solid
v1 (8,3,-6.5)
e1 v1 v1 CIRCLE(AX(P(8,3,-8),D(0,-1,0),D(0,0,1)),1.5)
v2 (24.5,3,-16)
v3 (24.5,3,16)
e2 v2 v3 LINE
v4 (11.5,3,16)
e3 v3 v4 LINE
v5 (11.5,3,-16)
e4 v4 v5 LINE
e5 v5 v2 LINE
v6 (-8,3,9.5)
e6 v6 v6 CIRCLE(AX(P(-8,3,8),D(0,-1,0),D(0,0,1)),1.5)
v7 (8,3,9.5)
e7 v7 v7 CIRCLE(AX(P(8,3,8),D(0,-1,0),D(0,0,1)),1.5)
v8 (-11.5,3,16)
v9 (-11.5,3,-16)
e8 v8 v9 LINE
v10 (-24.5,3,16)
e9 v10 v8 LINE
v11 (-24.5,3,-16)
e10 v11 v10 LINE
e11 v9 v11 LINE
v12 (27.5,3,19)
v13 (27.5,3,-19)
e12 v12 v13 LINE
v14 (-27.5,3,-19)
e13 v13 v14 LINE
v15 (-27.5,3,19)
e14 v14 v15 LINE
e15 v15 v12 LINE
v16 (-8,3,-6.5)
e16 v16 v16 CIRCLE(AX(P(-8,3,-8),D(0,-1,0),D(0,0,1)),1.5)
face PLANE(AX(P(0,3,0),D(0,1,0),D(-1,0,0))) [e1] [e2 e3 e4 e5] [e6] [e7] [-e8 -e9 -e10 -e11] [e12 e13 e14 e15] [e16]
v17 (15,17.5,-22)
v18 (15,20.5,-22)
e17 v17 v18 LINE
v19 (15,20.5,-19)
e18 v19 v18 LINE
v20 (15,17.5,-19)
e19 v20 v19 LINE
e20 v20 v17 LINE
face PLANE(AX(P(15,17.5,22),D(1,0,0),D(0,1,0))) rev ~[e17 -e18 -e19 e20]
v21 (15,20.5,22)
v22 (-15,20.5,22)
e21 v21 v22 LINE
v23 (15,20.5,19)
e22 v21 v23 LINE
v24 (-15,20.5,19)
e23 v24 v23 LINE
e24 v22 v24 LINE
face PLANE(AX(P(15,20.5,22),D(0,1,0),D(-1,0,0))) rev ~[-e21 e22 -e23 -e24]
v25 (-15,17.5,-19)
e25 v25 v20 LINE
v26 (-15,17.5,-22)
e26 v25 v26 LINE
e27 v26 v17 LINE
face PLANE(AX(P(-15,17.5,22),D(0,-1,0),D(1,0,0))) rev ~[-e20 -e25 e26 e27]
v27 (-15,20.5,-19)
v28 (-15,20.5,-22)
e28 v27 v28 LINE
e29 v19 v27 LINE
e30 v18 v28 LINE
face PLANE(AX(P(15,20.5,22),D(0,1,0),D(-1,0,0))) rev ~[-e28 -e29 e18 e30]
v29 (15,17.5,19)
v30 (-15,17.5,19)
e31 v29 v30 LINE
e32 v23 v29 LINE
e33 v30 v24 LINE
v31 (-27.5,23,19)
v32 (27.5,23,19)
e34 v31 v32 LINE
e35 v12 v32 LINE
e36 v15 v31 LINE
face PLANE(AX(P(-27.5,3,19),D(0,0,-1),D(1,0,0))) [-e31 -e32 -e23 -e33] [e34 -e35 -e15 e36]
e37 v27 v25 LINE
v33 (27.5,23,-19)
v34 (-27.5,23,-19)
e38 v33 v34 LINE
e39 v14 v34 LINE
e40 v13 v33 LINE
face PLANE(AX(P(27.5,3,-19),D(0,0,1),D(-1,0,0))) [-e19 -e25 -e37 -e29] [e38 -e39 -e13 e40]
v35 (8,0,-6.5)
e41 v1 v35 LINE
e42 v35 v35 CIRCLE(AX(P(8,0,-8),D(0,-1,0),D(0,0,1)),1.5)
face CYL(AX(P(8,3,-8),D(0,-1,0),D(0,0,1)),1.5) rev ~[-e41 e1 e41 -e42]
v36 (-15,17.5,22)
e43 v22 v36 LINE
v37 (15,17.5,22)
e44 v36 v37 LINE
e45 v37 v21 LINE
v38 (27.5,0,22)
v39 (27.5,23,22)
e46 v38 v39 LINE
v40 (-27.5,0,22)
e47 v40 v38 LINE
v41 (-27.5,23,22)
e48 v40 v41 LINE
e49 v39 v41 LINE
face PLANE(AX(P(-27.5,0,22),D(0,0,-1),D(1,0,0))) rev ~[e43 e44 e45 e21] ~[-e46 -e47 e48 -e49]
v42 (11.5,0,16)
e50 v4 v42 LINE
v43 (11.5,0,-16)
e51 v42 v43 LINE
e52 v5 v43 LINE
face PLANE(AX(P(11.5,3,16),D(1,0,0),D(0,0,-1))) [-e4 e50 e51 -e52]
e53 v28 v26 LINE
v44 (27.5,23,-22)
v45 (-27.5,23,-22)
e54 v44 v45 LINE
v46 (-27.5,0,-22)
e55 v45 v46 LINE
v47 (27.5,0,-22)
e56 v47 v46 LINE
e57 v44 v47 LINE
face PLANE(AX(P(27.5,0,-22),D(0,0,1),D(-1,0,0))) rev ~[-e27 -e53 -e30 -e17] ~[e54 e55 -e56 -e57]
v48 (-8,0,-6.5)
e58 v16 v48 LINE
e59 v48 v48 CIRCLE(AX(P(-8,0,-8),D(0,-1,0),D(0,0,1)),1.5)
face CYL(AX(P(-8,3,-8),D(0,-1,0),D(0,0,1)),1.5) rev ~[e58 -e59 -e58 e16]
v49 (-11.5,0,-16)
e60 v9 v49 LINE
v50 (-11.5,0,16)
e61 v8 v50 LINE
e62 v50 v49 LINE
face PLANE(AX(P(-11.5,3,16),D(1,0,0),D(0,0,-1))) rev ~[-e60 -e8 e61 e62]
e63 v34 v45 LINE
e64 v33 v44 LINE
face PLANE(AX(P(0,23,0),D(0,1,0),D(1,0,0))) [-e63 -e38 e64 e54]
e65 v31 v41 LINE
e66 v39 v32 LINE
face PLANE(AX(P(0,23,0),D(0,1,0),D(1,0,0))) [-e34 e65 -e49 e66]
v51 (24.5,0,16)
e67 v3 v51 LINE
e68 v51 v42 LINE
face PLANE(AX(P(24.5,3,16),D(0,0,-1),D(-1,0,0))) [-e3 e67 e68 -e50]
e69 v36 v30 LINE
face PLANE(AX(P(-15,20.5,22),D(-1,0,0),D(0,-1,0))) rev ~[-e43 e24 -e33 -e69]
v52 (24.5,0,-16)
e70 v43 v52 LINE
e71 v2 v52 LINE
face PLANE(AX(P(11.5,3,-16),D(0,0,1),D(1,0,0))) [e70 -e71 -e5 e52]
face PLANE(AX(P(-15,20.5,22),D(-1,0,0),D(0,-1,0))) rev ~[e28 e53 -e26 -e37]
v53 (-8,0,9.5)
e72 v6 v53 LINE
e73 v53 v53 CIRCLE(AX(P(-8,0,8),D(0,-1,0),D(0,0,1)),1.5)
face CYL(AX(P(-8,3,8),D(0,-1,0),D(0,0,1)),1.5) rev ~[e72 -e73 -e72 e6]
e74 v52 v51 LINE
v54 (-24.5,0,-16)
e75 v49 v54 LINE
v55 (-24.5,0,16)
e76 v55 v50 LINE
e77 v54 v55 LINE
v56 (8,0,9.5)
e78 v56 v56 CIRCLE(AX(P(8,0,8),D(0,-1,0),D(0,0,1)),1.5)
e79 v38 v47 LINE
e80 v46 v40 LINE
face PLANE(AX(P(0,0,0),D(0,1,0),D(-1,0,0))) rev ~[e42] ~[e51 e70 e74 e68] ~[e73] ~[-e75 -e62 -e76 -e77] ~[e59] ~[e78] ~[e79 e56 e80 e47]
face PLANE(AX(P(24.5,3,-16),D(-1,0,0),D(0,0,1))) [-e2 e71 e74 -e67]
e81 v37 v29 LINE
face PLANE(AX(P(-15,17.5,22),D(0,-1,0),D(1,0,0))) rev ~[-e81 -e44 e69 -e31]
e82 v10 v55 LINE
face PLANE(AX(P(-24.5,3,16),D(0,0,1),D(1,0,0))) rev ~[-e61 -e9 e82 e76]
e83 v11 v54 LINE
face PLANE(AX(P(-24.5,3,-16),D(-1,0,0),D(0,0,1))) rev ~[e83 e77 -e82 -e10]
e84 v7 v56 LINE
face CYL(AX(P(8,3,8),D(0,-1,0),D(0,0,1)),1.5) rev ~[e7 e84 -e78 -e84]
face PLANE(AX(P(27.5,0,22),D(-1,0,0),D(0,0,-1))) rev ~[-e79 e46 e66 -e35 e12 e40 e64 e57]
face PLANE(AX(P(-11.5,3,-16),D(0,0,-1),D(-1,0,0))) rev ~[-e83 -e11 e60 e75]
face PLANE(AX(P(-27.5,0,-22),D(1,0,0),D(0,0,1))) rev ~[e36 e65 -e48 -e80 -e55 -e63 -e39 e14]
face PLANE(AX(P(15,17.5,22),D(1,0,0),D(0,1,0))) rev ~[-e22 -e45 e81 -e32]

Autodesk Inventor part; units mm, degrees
ref_plane "YZ Plane" through (0, 0, 0) normal (1, 0, 0) x (0, 1, 0)
ref_plane "XZ Plane" through (0, 0, 0) normal (0, 1, 0) x (-1, 0, 0)
ref_plane "XY Plane" through (0, 0, 0) normal (0, 0, 1) x (1, 0, 0)
sketch "Szkic1" plane through (0, 0, 0) normal (0, 1, 0) x (-1, 0, 0)
  line L0 (27.5, 22) -> (-27.5, 22)
  line L1 (-27.5, 22) -> (-27.5, -22)
  line L2 (-27.5, -22) -> (27.5, -22)
  line L3 (27.5, -22) -> (27.5, 22)
  line L4 (27.5, 22) -> (-27.5, -22) construction
  line L5 (-27.5, 22) -> (27.5, -22) construction
  point P0 (0, 0)
  dimension "d0" = 55
  dimension "d1" = 44
extrude "Wyciągnięcie proste1" add sketch "Szkic1" along normal blind 3
sketch "Szkic2" plane through (0, 3, 0) normal (0, 1, 0) x (1, 0, 0)
  line L0 (27.5, 22) -> (-27.5, 22) projected
  line L1 (27.5, -22) -> (27.5, 22) projected
  line L2 (-27.5, 22) -> (27.5, 22)
  line L3 (27.5, 22) -> (27.5, 19)
  line L4 (27.5, 19) -> (-27.5, 19)
  line L5 (-27.5, 19) -> (-27.5, 22)
  line L6 (-27.5, 22) -> (-27.5, -22) projected
  line L7 (27.5, -22) -> (-27.5, -22)
  line L8 (-27.5, -22) -> (-27.5, -19)
  line L9 (-27.5, -19) -> (27.5, -19)
  line L10 (27.5, -19) -> (27.5, -22)
  point P0 (0, 0)
  dimension "d4" = 3
  dimension "d5" = 3
extrude "Wyciągnięcie proste2" add sketch "Szkic2" along normal blind 20 contours L1 L4 L5 L0 | L1 L7 L6 L9
sketch "Szkic4" plane through (0, 3, 0) normal (0, 1, 0) x (1, 0, 0)
  line L0 (-27.5, 19) -> (-27.5, -19) projected
  line L1 (-27.5, 0) -> (27.5, 0) construction
  line L2 (27.5, -19) -> (27.5, 19) projected
  line L3 (-27.5, -22) -> (27.5, -22) projected
  line L4 (0, -22) -> (0, 22) construction
  line L5 (27.5, 22) -> (-27.5, 22) projected
  point P0 (0, 0)
  point P1 (-8, -8)
  point P2 (-8, 8)
  point P3 (8, -8)
  point P4 (8, 8)
  dimension "d13" = 8
  dimension "d16" = 8
hole "Otwór1" at (-8, 3, 8) at (-8, 3, -8) at (8, 3, 8) at (8, 3, -8) direction (0, -1, 0) diameter 3 depth 8 tip angle 118
sketch "Szkic5" plane through (0, 3, 0) normal (0, 1, 0) x (1, 0, 0)
  line L0 (-24.5, -16) -> (-11.5, -16)
  line L1 (-11.5, -16) -> (-11.5, 16)
  line L2 (-11.5, 16) -> (-24.5, 16)
  line L3 (-24.5, 16) -> (-24.5, -16)
  line L4 (27.5, -19) -> (-27.5, -19) projected
  line L5 (27.5, 19) -> (-27.5, 19) projected
  line L6 (-27.5, 22) -> (-27.5, -22) projected
  line L7 (-27.5, -22) -> (27.5, -22) projected
  line L8 (0, -22) -> (0, 22) construction
  line L9 (27.5, 22) -> (-27.5, 22) projected
  line L10 (24.5, -16) -> (11.5, -16)
  line L11 (11.5, -16) -> (11.5, 16)
  line L12 (11.5, 16) -> (24.5, 16)
  line L13 (24.5, 16) -> (24.5, -16)
  point P0 (0, 0)
  dimension "d27" = 3
  dimension "d28" = 3
  dimension "d29" = 3
  dimension "d30" = 13
sketch "Szkic6" plane through (-27.5, 0, 22) normal (0, 0, 1) x (1, 0, 0)
  line L0 (12.5, 17.5) -> (42.5, 17.5)
  line L1 (42.5, 17.5) -> (42.5, 20.5)
  line L2 (42.5, 20.5) -> (12.5, 20.5)
  line L3 (12.5, 20.5) -> (12.5, 17.5)
  line L4 (12.5, 17.5) -> (42.5, 20.5) construction
  line L5 (42.5, 17.5) -> (12.5, 20.5) construction
  line L6 (55, 23) -> (0, 23) projected
  line L7 (55, 0) -> (55, 23) projected
  point P0 (27.5, 0)
  point P1 (27.5, 19)
  dimension "d33" = 30
  dimension "d34" = 3
  dimension "d35" = 4
  dimension "d36" = 27.5
extrude "Wyciągnięcie proste4" cut sketch "Szkic6" against normal through all
extrude "Wyciągnięcie proste5" cut sketch "Szkic5" against normal blind 10
properties part number "Li-Pol_uchwyt" material "Tworzywo sztuczne PET"
